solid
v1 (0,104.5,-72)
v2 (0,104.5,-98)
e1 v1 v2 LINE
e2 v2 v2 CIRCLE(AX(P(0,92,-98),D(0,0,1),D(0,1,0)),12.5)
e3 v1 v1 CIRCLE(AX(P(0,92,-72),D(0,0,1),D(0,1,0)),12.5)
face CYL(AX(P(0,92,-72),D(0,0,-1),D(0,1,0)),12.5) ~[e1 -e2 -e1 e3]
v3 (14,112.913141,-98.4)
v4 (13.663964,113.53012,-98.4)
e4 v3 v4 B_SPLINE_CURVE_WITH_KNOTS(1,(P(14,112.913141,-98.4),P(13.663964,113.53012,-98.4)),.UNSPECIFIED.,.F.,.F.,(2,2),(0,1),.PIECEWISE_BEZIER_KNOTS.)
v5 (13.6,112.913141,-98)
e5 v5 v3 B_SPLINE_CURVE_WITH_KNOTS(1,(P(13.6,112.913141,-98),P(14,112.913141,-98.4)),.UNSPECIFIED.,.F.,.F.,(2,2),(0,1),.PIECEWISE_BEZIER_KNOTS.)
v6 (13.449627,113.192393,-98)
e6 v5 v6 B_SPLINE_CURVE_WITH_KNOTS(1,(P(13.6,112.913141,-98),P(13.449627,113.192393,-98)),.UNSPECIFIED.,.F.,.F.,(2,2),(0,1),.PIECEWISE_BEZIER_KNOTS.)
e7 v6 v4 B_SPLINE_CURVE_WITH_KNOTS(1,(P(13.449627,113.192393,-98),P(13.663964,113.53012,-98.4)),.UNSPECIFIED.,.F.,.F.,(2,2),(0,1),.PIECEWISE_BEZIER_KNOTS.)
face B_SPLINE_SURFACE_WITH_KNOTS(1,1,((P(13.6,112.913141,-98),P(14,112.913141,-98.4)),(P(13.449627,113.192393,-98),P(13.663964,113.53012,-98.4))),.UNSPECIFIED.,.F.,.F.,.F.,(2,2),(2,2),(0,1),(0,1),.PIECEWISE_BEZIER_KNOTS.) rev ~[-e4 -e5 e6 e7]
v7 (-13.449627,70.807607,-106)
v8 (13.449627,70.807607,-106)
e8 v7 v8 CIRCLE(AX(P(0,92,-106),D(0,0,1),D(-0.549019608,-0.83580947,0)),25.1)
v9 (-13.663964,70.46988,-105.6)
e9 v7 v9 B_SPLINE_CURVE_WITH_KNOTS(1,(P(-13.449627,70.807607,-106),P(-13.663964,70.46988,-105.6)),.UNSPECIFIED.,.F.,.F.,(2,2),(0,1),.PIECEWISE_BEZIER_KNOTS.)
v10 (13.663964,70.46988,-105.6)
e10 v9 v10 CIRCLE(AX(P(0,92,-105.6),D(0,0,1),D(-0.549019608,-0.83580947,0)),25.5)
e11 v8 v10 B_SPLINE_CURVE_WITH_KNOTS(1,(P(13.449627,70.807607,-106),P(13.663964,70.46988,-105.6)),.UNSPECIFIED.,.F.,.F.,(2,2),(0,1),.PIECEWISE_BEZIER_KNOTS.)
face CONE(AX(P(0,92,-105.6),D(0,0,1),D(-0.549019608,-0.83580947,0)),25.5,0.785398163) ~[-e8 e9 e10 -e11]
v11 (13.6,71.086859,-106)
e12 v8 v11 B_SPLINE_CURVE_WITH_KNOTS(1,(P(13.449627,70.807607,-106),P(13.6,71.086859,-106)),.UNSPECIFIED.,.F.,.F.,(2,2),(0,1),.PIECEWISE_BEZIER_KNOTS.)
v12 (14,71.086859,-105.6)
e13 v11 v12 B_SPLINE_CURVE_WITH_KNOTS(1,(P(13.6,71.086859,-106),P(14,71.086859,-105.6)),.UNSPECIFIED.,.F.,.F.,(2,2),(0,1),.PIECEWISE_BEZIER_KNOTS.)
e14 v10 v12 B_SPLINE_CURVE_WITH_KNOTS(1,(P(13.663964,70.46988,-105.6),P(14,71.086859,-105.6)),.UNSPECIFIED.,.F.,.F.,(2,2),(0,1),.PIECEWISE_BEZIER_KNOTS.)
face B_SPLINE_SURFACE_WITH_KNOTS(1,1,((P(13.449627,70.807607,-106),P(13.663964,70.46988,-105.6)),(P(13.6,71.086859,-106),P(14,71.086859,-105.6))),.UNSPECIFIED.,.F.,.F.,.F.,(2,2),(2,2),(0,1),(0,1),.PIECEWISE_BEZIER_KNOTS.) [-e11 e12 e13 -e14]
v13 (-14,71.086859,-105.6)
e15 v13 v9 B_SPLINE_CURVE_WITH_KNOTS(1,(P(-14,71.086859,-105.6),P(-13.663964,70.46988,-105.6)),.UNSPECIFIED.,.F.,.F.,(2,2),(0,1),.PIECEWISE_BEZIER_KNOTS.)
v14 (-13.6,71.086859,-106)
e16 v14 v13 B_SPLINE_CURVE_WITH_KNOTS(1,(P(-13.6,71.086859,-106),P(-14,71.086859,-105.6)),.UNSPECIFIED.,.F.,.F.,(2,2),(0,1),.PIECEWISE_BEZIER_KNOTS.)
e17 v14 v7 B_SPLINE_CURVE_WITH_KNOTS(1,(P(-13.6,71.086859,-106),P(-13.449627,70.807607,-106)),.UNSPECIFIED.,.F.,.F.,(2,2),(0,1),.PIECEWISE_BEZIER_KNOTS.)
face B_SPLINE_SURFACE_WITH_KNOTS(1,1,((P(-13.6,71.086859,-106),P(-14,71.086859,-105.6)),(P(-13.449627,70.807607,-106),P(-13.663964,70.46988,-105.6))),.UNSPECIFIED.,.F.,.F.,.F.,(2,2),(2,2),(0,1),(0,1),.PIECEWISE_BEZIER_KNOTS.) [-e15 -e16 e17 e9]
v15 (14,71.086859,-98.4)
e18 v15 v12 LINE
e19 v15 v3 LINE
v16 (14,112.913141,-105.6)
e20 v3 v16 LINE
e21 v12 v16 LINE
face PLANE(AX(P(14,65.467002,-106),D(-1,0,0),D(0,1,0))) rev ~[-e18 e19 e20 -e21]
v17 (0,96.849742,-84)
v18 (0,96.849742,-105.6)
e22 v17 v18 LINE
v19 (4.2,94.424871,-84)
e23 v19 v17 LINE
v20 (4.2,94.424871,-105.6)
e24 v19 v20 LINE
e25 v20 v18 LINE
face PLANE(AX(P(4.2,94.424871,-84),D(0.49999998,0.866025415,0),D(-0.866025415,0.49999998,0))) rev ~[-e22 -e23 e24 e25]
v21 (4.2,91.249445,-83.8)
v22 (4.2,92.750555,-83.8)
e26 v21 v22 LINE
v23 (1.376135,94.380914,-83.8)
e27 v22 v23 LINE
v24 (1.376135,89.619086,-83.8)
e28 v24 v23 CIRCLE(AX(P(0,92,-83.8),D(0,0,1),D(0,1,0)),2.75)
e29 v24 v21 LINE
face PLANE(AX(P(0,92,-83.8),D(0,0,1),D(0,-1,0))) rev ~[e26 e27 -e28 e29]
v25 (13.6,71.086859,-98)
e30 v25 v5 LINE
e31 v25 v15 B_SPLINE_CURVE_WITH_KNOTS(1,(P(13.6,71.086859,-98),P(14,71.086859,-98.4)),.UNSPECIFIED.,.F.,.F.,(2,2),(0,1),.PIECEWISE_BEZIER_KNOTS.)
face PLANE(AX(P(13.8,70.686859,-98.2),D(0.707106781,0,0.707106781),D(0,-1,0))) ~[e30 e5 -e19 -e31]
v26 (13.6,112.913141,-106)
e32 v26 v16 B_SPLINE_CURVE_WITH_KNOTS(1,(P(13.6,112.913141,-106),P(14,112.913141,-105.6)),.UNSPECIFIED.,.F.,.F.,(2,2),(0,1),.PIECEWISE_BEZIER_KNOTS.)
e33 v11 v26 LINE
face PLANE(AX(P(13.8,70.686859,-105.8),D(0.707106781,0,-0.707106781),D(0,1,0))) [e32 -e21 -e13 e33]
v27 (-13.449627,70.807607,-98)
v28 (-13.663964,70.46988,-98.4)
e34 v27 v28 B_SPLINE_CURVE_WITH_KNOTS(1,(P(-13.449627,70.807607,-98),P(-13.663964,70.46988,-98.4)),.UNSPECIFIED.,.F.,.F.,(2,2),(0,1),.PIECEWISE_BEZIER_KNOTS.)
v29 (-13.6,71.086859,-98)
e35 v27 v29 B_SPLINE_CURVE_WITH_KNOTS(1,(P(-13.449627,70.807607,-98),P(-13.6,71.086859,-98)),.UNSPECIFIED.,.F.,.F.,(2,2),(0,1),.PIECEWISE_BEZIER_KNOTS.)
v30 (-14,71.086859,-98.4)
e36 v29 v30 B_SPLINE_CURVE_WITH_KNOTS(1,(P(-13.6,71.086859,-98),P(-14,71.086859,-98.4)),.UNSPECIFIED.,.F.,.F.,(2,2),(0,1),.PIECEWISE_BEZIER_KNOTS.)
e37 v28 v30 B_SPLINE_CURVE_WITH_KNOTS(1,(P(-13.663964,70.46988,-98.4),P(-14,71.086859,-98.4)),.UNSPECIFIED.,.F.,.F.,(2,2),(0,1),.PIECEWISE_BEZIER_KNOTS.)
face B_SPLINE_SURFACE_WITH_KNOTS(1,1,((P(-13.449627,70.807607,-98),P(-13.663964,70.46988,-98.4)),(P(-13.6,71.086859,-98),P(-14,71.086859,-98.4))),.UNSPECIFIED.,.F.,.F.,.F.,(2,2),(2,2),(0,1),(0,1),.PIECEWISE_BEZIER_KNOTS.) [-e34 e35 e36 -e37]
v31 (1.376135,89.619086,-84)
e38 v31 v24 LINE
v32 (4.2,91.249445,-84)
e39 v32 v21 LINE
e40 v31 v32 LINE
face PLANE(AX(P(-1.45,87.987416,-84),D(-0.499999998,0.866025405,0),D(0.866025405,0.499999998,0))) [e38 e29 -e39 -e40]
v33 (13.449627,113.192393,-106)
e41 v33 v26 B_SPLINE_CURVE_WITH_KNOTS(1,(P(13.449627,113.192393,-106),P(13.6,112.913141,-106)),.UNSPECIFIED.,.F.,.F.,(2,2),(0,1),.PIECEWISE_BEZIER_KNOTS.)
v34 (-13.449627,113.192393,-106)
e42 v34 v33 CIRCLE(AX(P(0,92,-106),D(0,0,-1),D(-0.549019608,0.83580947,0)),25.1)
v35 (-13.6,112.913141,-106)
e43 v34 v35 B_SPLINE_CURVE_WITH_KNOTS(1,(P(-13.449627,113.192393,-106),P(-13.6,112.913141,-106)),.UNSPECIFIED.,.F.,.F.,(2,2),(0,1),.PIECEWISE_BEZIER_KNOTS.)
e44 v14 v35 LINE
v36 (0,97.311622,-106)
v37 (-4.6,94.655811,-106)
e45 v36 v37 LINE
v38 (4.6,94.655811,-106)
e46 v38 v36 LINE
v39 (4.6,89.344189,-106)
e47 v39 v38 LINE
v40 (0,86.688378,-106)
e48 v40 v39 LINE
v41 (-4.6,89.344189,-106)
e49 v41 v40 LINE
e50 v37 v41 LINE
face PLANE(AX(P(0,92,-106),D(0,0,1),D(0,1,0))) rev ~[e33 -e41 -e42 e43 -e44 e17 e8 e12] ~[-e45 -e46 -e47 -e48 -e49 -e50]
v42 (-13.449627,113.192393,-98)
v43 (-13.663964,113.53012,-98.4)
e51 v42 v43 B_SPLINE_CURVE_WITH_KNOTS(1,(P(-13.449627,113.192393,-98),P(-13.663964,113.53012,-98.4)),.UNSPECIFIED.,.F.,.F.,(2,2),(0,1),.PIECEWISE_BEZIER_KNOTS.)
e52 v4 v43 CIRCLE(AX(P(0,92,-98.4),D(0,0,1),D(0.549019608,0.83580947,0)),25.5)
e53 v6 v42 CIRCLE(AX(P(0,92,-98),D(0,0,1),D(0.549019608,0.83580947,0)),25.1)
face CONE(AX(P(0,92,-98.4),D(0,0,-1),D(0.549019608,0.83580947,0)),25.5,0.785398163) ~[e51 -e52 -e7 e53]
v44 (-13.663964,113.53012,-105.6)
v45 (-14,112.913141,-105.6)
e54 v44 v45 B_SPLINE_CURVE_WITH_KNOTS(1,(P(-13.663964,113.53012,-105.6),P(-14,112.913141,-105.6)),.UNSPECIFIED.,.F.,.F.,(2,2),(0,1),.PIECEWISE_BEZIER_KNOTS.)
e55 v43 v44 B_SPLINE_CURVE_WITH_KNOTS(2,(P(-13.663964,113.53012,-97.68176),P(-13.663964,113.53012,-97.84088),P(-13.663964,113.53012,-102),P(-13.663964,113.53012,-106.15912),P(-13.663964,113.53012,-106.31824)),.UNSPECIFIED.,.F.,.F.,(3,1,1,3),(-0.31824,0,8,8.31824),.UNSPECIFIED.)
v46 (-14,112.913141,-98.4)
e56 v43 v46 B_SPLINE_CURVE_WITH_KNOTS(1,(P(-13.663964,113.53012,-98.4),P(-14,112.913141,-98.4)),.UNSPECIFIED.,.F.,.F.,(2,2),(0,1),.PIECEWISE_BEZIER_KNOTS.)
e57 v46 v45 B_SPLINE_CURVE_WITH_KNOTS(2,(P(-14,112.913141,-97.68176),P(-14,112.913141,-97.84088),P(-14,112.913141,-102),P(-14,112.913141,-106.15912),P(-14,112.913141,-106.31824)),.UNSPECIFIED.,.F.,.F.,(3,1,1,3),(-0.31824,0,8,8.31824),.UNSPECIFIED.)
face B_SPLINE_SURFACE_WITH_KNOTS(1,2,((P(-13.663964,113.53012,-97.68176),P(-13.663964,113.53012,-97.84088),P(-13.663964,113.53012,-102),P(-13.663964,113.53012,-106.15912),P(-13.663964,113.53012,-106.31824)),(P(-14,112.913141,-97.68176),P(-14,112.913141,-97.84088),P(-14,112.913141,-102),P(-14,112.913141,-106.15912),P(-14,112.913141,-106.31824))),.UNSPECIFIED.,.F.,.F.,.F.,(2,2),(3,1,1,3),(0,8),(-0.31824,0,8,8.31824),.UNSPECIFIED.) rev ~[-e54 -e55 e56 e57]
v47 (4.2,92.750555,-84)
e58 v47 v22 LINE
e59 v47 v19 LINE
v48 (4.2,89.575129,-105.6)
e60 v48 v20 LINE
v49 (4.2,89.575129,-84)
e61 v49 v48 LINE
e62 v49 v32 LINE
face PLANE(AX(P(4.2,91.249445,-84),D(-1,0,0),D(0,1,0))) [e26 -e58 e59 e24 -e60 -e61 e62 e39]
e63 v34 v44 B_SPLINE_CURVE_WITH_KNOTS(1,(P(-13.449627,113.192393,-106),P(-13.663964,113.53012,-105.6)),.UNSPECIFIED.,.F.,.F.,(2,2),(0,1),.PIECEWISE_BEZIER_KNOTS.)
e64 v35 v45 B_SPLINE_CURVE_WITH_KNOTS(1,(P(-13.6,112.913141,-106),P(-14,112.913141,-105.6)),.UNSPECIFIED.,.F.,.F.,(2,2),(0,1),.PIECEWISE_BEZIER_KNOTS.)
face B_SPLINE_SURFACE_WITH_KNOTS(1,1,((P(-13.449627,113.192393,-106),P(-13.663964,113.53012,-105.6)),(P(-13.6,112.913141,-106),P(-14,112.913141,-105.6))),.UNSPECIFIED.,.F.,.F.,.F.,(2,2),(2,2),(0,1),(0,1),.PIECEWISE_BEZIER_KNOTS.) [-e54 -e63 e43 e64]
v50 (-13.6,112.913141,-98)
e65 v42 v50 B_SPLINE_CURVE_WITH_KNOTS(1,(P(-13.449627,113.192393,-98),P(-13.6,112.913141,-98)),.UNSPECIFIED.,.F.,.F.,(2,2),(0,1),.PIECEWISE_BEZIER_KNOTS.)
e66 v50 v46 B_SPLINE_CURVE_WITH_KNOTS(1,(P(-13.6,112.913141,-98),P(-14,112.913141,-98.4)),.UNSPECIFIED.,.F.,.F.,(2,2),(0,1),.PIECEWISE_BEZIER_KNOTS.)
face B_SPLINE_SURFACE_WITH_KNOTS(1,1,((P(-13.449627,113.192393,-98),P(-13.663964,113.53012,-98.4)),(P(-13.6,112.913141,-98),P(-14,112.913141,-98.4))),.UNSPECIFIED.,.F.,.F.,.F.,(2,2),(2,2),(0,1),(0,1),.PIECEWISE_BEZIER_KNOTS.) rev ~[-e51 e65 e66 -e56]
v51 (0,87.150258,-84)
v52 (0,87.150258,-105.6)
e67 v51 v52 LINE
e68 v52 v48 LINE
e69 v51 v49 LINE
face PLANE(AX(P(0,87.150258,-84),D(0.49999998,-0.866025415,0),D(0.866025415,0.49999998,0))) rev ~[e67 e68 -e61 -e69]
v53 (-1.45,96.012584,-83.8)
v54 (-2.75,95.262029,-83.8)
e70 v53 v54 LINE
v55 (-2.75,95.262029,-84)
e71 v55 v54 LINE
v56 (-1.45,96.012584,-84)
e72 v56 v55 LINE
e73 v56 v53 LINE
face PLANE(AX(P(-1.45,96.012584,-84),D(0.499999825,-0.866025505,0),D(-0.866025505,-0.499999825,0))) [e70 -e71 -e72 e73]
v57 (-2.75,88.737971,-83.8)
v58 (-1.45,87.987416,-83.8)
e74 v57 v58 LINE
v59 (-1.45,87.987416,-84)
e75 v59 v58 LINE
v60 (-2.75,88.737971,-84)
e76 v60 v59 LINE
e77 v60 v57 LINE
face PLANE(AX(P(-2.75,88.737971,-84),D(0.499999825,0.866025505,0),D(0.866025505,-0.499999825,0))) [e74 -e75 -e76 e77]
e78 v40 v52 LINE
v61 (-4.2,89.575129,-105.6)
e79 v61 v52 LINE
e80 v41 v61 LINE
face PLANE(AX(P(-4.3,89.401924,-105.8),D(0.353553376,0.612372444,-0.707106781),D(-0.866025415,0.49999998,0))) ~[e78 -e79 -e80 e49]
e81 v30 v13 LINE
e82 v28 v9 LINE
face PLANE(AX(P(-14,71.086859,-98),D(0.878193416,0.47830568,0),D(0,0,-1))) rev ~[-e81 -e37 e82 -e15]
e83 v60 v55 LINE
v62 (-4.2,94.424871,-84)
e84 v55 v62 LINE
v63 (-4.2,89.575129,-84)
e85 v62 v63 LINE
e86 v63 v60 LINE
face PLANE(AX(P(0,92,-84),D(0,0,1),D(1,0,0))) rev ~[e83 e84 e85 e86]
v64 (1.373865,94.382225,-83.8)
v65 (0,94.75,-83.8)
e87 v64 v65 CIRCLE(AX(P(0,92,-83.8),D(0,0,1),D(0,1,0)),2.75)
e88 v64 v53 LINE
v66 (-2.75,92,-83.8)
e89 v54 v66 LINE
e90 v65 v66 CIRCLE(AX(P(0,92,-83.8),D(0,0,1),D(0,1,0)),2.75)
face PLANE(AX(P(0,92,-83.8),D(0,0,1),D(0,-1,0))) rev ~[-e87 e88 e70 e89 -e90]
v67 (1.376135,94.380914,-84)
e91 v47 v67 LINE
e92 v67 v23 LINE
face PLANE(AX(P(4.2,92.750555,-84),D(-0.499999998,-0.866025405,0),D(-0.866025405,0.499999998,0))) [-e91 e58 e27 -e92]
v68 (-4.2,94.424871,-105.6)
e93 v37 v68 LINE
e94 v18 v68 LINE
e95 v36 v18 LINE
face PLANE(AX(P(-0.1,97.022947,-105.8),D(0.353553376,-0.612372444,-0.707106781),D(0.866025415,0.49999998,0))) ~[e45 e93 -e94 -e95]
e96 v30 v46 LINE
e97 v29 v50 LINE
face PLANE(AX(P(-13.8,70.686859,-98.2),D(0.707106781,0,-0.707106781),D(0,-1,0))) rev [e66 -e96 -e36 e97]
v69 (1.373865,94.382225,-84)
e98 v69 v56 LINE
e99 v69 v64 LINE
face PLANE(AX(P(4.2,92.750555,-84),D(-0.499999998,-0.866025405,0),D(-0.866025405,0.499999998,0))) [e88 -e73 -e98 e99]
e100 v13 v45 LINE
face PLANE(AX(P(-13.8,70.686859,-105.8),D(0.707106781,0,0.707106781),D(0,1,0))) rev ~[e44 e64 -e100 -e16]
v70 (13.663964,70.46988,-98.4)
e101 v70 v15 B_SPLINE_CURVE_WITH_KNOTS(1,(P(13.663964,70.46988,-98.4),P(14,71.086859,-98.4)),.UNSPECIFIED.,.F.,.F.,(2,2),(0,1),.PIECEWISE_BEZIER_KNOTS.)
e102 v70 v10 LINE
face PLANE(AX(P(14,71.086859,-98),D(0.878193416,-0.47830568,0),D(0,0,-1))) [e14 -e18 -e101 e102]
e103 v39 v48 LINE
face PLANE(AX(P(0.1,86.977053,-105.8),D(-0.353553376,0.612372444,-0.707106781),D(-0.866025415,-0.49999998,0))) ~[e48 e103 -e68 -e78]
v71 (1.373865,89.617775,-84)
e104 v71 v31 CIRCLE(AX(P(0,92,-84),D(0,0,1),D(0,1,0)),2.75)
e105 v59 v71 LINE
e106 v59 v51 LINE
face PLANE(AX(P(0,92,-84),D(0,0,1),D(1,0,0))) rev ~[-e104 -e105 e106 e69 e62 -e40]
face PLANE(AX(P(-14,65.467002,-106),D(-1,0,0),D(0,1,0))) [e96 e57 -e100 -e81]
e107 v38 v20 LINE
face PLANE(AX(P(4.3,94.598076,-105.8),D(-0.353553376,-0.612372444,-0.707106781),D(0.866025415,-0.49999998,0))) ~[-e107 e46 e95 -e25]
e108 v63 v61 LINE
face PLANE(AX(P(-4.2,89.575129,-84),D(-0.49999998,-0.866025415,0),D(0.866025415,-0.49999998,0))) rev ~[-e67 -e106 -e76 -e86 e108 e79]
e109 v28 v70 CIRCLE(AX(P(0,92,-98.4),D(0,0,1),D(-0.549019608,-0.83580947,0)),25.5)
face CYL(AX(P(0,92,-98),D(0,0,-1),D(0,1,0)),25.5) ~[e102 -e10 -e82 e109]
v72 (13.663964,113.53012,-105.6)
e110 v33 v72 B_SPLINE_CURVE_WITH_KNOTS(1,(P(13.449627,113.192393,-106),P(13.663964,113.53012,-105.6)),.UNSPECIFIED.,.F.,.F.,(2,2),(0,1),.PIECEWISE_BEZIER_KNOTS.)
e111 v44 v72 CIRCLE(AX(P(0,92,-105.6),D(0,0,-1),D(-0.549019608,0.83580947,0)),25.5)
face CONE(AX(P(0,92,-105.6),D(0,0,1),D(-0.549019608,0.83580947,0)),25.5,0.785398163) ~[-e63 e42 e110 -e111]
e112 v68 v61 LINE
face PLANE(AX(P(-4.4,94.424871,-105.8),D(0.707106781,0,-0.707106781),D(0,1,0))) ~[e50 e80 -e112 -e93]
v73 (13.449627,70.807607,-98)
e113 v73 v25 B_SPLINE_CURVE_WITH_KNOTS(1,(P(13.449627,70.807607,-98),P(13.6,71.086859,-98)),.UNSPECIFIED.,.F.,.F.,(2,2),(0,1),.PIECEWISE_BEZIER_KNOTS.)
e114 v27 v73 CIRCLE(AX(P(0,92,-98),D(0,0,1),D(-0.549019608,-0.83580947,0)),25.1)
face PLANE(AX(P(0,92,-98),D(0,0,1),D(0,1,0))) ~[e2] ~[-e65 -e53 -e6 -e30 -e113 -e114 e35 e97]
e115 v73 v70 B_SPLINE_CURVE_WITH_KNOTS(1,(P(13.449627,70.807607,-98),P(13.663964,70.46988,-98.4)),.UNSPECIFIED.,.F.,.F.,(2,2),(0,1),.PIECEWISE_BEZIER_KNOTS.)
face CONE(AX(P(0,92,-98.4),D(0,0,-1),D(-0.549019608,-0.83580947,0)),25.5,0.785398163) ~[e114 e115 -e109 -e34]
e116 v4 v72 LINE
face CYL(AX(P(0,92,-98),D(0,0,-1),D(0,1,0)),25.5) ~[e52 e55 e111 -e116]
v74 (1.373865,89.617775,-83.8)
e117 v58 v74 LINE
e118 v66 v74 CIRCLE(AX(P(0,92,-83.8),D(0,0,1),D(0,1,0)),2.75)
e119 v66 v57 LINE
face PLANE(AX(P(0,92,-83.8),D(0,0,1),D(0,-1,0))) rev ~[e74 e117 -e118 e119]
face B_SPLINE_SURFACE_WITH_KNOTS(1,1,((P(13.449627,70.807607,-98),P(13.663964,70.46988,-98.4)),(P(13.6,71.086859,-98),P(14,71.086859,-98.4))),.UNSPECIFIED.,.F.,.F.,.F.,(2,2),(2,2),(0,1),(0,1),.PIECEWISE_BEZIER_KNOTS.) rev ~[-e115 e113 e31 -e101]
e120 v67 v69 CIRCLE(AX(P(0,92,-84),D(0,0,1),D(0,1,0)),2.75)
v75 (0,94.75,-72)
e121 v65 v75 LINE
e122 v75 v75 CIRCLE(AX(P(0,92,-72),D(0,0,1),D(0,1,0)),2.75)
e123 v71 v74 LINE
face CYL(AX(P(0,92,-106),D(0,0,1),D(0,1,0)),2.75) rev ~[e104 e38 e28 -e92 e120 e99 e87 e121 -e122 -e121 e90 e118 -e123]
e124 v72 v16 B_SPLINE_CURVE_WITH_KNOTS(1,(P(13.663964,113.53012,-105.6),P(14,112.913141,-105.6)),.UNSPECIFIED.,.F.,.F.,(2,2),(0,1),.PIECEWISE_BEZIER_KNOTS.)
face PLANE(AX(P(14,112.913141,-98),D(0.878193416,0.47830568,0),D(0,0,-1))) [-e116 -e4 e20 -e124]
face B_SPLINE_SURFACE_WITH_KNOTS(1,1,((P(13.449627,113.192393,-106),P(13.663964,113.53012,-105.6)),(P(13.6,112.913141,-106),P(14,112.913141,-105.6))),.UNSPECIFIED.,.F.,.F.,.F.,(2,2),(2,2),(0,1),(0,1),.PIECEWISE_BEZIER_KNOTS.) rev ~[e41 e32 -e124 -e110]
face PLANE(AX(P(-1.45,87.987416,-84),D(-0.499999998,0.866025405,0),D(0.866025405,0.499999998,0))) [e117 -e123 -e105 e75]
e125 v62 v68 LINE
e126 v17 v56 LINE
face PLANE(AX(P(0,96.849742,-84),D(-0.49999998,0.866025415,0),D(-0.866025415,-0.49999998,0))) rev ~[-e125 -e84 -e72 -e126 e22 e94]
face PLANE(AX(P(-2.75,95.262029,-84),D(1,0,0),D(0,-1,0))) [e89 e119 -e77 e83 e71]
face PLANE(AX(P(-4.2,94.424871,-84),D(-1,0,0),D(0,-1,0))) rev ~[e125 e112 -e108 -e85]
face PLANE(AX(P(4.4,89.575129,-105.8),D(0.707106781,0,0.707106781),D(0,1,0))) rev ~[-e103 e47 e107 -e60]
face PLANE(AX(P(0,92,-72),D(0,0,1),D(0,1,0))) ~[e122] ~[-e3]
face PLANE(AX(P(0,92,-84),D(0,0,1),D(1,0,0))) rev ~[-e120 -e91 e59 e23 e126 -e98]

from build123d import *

# Parameters (mm, degrees)
SKETCH151_W     = 65
SKETCH151_H     = 65
SKETCH151_W_2   = 53.065996
SKETCH151_H_2   = 28
POCKET099_DEPTH = 34.001
POCKET100_DEPTH = 22.001
POCKET_DEPTH    = 0.2
CHAMFER_SIZE    = 0.4


with BuildPart() as part:
    # Sketch103 → Revolution002 (revolve)
    with BuildSketch(Plane.YZ):
        Polygon((2.75, 0), (12.5, 0), (12.5, -26), (25.5, -26), (25.5, -34), (2.75, -34), align=None)
    revolve(axis=Axis((0, 0, 0), (0, 0, 1)))

    # Sketch151 (on Face5 of Revolution002) → Pocket099 (cut, through all)
    with BuildSketch(Plane.YX.offset(34)):
        Rectangle(SKETCH151_W, SKETCH151_H)
        Rectangle(SKETCH151_W_2, SKETCH151_H_2, mode=Mode.SUBTRACT)
    extrude(amount=-POCKET099_DEPTH, mode=Mode.SUBTRACT)

    # Sketch142 → Pocket100 (cut, through all)
    with BuildSketch(Plane.XY.offset(-12)):
        Polygon((4.2, 2.424871), (0, 4.849742), (-4.2, 2.424871), (-4.2, -2.424871), (0, -4.849742), (4.2, -2.424871), align=None)
    extrude(amount=-POCKET100_DEPTH, mode=Mode.SUBTRACT)

    # Sketch (on Face4 of Pocket100) → Pocket (cut)
    with BuildSketch(Plane.YX.offset(12)):
        Polygon((0.750555, 4.2), (4.012584, -1.45), (3.262029, -2.75), (-3.262029, -2.75), (-4.012584, -1.45), (-0.750555, 4.2), align=None)
    extrude(amount=-POCKET_DEPTH, mode=Mode.SUBTRACT)

    # Chamfer
    chamfer_edges = [part.edges().sort_by_distance(p)[0] for p in [
        (-7.306329, 24.430873, -34),
        (-14, 0, -34),
        (7.306329, 24.430873, -34),
        (0, -25.5, -34),
        (14, 0, -34),
        (2.1, 3.637307, -34),
        (4.2, 0, -34),
        (2.1, -3.637307, -34),
        (-2.1, -3.637307, -34),
        (-4.2, 0, -34),
        (-2.1, 3.637307, -34),
        (0, -25.5, -26),
        (14, 0, -26),
        (7.306329, 24.430873, -26),
        (-7.306329, 24.430873, -26),
        (-14, 0, -26),
        (14, -21.313141, -30),
        (14, 21.313141, -30),
        (-14, 21.313141, -30),
        (-14, -21.313141, -30),
    ]]
    chamfer(chamfer_edges, length=CHAMFER_SIZE)


with BuildPart() as part_1:
    # Body022019 placement: moved
    add(part.part.moved(Location((0, 92, -72))))


solid = part_1.part
